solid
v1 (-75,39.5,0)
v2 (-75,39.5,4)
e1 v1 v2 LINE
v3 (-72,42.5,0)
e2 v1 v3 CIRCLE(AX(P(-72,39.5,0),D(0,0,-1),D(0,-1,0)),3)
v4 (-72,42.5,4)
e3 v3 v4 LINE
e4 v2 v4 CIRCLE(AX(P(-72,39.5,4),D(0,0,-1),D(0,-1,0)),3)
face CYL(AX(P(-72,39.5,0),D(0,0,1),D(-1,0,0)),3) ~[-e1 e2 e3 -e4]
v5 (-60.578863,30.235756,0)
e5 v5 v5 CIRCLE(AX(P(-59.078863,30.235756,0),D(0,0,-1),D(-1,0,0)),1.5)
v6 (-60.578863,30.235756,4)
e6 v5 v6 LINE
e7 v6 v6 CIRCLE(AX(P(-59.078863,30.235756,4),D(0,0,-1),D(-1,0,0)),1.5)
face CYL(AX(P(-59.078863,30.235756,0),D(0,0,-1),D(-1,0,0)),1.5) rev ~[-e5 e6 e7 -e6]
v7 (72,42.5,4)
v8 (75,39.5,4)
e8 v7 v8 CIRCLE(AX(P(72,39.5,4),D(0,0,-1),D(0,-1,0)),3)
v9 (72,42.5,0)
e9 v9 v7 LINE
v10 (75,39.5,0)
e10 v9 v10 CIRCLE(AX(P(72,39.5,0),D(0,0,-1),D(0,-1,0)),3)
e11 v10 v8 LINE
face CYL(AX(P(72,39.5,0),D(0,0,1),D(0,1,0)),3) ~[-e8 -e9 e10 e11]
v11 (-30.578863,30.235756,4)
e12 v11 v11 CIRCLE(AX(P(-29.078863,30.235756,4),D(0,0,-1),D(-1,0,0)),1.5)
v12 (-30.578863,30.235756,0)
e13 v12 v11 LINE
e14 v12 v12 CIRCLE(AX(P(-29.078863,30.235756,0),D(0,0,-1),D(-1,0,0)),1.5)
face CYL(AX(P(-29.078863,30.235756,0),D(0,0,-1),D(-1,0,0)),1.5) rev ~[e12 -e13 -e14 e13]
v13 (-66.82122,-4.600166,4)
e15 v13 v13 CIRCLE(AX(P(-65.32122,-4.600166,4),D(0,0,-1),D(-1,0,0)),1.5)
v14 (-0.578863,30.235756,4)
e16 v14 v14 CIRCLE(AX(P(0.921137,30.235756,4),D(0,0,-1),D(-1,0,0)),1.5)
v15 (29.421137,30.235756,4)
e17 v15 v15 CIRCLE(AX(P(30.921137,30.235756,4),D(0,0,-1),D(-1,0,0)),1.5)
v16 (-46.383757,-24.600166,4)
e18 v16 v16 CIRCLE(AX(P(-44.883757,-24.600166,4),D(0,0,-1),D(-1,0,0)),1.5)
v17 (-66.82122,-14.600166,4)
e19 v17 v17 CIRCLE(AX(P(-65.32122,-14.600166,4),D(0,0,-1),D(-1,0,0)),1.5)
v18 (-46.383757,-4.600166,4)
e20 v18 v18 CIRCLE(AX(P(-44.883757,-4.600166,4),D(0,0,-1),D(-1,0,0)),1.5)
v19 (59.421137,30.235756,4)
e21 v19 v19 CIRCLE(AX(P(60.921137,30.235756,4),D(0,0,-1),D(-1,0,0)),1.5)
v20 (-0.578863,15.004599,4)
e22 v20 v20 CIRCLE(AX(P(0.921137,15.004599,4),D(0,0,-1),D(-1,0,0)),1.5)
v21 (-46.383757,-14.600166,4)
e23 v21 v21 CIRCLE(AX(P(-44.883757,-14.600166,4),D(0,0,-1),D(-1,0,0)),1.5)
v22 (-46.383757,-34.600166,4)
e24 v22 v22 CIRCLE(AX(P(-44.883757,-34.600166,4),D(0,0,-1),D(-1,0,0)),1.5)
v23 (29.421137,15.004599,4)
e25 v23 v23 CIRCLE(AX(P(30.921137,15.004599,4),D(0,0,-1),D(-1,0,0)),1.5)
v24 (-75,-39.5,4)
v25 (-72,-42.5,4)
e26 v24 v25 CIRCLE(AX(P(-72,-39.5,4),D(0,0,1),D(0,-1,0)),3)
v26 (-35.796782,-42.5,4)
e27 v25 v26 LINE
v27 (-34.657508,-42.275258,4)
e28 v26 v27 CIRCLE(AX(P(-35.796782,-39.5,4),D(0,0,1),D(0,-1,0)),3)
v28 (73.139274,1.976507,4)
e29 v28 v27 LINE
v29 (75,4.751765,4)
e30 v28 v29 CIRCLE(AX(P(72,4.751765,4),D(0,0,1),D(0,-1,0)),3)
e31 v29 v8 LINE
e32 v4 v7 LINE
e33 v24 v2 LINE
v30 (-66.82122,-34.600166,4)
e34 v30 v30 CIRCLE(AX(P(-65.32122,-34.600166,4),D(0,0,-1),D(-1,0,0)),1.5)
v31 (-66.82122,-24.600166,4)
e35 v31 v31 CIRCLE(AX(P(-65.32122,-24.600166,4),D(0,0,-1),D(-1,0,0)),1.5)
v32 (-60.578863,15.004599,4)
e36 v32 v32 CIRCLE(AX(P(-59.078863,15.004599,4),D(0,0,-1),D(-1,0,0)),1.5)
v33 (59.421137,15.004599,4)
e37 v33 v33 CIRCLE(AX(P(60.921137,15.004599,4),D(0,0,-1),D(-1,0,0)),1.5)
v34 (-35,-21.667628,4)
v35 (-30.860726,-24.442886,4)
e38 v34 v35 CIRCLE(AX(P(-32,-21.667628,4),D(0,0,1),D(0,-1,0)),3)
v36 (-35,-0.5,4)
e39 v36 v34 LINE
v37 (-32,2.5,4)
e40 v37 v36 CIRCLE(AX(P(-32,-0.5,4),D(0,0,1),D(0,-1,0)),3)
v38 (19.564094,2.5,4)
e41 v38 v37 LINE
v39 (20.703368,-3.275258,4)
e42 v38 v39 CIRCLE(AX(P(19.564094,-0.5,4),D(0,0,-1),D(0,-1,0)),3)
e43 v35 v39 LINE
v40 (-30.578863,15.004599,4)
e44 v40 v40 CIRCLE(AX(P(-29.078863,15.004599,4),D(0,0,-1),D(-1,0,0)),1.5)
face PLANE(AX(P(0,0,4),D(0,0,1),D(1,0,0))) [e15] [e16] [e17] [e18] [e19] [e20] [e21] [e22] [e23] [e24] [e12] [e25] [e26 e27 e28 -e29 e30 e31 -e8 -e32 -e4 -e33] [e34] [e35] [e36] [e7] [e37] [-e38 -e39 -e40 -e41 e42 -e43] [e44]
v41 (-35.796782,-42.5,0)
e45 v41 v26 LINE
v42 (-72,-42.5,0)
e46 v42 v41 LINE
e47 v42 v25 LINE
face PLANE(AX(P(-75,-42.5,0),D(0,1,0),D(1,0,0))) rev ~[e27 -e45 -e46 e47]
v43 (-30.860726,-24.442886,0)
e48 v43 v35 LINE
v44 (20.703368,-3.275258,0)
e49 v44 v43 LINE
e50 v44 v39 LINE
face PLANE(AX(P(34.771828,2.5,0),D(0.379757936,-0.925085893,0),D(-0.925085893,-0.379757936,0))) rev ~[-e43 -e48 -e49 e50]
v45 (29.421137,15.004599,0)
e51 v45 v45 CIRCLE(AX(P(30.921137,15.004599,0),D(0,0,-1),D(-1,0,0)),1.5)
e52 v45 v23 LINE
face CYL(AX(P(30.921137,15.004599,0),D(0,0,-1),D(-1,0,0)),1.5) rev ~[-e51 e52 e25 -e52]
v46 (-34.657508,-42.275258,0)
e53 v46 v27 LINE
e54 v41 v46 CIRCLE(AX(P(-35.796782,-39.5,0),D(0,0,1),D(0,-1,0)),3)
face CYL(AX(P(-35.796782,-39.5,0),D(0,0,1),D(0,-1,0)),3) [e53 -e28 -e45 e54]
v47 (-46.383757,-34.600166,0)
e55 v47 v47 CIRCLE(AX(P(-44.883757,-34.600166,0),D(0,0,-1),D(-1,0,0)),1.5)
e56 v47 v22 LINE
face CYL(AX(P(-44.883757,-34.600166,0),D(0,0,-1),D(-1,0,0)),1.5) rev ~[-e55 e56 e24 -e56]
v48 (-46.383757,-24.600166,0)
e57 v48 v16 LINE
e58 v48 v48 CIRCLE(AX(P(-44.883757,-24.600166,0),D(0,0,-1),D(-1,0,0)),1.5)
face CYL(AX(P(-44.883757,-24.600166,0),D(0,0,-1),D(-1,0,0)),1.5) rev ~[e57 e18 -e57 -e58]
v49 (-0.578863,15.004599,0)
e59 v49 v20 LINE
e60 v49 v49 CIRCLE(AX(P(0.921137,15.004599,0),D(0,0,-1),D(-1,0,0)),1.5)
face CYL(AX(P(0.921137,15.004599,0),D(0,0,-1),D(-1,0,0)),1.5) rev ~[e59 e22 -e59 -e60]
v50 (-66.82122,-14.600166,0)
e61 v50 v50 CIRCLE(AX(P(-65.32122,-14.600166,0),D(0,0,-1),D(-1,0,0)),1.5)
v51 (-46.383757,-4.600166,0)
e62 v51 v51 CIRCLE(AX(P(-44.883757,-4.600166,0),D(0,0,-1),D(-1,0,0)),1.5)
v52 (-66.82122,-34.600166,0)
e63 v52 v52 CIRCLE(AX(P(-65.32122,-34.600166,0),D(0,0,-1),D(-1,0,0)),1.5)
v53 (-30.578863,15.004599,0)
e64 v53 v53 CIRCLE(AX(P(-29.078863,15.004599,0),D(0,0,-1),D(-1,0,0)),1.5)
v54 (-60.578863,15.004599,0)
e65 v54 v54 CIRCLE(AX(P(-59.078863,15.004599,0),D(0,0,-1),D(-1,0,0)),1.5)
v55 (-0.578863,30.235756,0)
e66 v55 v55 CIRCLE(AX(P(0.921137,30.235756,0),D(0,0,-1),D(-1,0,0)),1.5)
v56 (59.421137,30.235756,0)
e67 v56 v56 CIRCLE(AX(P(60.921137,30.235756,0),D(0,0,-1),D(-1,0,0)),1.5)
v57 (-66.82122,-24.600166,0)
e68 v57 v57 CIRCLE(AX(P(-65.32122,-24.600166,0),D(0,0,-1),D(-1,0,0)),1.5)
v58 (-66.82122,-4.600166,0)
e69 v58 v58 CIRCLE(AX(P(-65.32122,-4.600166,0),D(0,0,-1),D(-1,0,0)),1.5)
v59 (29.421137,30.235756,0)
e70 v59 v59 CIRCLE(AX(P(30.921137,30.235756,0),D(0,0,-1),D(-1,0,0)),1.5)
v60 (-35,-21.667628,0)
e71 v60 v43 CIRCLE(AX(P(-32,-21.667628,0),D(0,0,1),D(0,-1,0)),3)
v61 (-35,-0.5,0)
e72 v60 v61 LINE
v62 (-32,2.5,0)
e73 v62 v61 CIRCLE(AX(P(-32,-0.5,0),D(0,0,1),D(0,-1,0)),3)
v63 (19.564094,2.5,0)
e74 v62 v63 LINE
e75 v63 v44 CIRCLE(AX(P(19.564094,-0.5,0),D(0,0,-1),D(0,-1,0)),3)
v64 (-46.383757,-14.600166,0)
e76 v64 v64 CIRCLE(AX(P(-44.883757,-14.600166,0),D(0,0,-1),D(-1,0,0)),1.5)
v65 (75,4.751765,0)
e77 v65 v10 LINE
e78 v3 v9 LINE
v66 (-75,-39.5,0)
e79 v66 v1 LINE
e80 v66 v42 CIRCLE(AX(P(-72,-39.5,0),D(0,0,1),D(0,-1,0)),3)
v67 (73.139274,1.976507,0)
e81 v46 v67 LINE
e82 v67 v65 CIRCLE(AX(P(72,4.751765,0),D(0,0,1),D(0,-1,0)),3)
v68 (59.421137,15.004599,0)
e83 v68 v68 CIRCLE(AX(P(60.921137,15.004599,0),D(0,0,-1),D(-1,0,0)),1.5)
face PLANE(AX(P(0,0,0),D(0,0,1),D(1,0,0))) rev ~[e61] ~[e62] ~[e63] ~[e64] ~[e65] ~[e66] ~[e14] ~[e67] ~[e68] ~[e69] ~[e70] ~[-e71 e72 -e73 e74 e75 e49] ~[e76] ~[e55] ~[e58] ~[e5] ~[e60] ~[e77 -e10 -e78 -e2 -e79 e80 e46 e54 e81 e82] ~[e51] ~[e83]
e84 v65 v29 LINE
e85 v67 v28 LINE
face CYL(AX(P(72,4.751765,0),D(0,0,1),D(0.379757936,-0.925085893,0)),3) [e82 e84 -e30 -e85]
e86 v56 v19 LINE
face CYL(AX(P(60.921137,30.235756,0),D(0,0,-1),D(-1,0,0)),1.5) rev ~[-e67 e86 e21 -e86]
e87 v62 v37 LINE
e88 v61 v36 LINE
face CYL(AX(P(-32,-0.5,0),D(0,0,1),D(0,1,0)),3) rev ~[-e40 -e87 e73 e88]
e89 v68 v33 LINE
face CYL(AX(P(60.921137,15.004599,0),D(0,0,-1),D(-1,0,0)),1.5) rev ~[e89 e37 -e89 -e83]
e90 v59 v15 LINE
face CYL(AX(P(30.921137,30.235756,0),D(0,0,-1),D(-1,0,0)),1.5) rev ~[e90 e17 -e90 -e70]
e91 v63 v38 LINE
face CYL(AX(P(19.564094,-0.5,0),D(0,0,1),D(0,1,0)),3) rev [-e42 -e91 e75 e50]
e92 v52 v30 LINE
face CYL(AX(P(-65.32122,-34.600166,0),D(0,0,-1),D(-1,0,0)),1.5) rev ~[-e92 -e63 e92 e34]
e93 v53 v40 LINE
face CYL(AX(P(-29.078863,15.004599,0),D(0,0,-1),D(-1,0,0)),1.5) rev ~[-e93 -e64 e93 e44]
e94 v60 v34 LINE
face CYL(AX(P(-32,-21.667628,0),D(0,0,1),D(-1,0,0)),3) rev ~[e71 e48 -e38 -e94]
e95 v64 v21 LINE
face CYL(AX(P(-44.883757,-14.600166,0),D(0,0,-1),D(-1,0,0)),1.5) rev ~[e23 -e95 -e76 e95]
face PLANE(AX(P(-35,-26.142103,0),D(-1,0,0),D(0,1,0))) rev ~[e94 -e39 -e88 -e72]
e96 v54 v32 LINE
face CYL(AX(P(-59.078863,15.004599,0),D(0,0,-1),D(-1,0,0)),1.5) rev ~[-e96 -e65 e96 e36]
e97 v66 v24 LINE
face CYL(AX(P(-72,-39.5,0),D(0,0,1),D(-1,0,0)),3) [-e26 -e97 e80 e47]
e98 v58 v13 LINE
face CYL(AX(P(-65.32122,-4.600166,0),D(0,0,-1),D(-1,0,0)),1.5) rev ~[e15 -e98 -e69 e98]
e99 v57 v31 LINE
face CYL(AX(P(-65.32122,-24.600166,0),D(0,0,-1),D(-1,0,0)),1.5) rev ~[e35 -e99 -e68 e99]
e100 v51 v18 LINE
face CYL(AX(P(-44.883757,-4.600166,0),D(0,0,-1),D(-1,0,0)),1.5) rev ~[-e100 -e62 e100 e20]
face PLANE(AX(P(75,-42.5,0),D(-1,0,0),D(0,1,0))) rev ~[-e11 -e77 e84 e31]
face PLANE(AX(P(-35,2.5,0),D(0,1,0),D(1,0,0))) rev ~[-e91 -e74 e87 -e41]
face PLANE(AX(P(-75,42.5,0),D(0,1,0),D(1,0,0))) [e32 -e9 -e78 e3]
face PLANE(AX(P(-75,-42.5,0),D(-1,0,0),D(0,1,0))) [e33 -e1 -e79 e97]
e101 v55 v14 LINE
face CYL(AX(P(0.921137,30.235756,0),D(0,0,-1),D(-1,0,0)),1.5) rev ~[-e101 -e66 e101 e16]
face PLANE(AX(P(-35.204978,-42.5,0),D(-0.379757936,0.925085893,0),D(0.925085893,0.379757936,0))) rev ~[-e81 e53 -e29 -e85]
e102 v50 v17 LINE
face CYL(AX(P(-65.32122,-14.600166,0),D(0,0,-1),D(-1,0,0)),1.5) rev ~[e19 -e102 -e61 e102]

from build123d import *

# Parameters (mm, degrees)
SKETCH_1_W          = 150
SKETCH_1_H          = 85
EXTRUDE_1_DEPTH     = 4
CUT_EXTRUDE_1_DEPTH = 10
SKETCH_3_R          = 1.5
CUT_EXTRUDE_2_DEPTH = 10
CUT_EXTRUDE_3_DEPTH = 10
FILLET_1_R          = 3


with BuildPart() as part:
    # 草图1 → 凸台-拉伸1 (new body)
    with BuildSketch(Plane.XY):
        Rectangle(SKETCH_1_W, SKETCH_1_H)
    extrude(amount=EXTRUDE_1_DEPTH)

    # 草图2 → 切除-拉伸1 (cut)
    with BuildSketch(Plane(origin=(0, 0, 0), x_dir=(-1, 0, 0), z_dir=(0, 0, -1))):
        Polygon((35.204977583, -42.5), (-75, 2.740355619), (-77.497943244, -0.131283493), (-84.390465543, -55.505754288), (-64.834396177, -59.115887647), align=None)
    extrude(amount=-CUT_EXTRUDE_1_DEPTH, mode=Mode.SUBTRACT)

    # 草图3 → 切除-拉伸2 (cut)
    with BuildSketch(Plane(origin=(0, 0, 0), x_dir=(-1, 0, 0), z_dir=(0, 0, -1))):
        with Locations((-60.921137183, 30.235756338)):
            Circle(SKETCH_3_R)
        with Locations((-30.921137183, 30.235756338)):
            Circle(SKETCH_3_R)
        with Locations((-0.921137183, 30.235756338)):
            Circle(SKETCH_3_R)
        with Locations((29.078862817, 30.235756338)):
            Circle(SKETCH_3_R)
        with Locations((59.078862817, 30.235756338)):
            Circle(SKETCH_3_R)
        with Locations((59.078862817, 15.004599281)):
            Circle(SKETCH_3_R)
        with Locations((29.078862817, 15.004599281)):
            Circle(SKETCH_3_R)
        with Locations((-0.921137183, 15.004599281)):
            Circle(SKETCH_3_R)
        with Locations((-30.921137183, 15.004599281)):
            Circle(SKETCH_3_R)
        with Locations((-60.921137183, 15.004599281)):
            Circle(SKETCH_3_R)
        with Locations((44.883757424, -4.600166374)):
            Circle(SKETCH_3_R)
        with Locations((44.883757424, -14.600166374)):
            Circle(SKETCH_3_R)
        with Locations((44.883757424, -24.600166374)):
            Circle(SKETCH_3_R)
        with Locations((44.883757424, -34.600166374)):
            Circle(SKETCH_3_R)
        with Locations((65.321220159, -34.600166374)):
            Circle(SKETCH_3_R)
        with Locations((65.321220159, -24.600166374)):
            Circle(SKETCH_3_R)
        with Locations((65.321220159, -14.600166374)):
            Circle(SKETCH_3_R)
        with Locations((65.321220159, -4.600166374)):
            Circle(SKETCH_3_R)
    extrude(amount=-CUT_EXTRUDE_2_DEPTH, mode=Mode.SUBTRACT)

    # 草图4 → 切除-拉伸3 (cut)
    with BuildSketch(Plane(origin=(0, 0, 0), x_dir=(-1, 0, 0), z_dir=(0, 0, -1))):
        Polygon((-34.771828022, 2.5), (35, -26.142102935), (35, 2.5), align=None)
    extrude(amount=-CUT_EXTRUDE_3_DEPTH, mode=Mode.SUBTRACT)

    # 圆角1
    fillet_1_edges = [part.edges().sort_by_distance(p)[0] for p in [
        (34.771828022, 2.5, 2),
        (-35, 2.5, 2),
        (-35, -26.142102935, 2),
        (75, 2.740355619, 2),
        (-35.204977583, -42.5, 2),
        (-75, -42.5, 2),
        (-75, 42.5, 2),
        (75, 42.5, 2),
    ]]
    fillet(fillet_1_edges, radius=FILLET_1_R)


solid = part.part
